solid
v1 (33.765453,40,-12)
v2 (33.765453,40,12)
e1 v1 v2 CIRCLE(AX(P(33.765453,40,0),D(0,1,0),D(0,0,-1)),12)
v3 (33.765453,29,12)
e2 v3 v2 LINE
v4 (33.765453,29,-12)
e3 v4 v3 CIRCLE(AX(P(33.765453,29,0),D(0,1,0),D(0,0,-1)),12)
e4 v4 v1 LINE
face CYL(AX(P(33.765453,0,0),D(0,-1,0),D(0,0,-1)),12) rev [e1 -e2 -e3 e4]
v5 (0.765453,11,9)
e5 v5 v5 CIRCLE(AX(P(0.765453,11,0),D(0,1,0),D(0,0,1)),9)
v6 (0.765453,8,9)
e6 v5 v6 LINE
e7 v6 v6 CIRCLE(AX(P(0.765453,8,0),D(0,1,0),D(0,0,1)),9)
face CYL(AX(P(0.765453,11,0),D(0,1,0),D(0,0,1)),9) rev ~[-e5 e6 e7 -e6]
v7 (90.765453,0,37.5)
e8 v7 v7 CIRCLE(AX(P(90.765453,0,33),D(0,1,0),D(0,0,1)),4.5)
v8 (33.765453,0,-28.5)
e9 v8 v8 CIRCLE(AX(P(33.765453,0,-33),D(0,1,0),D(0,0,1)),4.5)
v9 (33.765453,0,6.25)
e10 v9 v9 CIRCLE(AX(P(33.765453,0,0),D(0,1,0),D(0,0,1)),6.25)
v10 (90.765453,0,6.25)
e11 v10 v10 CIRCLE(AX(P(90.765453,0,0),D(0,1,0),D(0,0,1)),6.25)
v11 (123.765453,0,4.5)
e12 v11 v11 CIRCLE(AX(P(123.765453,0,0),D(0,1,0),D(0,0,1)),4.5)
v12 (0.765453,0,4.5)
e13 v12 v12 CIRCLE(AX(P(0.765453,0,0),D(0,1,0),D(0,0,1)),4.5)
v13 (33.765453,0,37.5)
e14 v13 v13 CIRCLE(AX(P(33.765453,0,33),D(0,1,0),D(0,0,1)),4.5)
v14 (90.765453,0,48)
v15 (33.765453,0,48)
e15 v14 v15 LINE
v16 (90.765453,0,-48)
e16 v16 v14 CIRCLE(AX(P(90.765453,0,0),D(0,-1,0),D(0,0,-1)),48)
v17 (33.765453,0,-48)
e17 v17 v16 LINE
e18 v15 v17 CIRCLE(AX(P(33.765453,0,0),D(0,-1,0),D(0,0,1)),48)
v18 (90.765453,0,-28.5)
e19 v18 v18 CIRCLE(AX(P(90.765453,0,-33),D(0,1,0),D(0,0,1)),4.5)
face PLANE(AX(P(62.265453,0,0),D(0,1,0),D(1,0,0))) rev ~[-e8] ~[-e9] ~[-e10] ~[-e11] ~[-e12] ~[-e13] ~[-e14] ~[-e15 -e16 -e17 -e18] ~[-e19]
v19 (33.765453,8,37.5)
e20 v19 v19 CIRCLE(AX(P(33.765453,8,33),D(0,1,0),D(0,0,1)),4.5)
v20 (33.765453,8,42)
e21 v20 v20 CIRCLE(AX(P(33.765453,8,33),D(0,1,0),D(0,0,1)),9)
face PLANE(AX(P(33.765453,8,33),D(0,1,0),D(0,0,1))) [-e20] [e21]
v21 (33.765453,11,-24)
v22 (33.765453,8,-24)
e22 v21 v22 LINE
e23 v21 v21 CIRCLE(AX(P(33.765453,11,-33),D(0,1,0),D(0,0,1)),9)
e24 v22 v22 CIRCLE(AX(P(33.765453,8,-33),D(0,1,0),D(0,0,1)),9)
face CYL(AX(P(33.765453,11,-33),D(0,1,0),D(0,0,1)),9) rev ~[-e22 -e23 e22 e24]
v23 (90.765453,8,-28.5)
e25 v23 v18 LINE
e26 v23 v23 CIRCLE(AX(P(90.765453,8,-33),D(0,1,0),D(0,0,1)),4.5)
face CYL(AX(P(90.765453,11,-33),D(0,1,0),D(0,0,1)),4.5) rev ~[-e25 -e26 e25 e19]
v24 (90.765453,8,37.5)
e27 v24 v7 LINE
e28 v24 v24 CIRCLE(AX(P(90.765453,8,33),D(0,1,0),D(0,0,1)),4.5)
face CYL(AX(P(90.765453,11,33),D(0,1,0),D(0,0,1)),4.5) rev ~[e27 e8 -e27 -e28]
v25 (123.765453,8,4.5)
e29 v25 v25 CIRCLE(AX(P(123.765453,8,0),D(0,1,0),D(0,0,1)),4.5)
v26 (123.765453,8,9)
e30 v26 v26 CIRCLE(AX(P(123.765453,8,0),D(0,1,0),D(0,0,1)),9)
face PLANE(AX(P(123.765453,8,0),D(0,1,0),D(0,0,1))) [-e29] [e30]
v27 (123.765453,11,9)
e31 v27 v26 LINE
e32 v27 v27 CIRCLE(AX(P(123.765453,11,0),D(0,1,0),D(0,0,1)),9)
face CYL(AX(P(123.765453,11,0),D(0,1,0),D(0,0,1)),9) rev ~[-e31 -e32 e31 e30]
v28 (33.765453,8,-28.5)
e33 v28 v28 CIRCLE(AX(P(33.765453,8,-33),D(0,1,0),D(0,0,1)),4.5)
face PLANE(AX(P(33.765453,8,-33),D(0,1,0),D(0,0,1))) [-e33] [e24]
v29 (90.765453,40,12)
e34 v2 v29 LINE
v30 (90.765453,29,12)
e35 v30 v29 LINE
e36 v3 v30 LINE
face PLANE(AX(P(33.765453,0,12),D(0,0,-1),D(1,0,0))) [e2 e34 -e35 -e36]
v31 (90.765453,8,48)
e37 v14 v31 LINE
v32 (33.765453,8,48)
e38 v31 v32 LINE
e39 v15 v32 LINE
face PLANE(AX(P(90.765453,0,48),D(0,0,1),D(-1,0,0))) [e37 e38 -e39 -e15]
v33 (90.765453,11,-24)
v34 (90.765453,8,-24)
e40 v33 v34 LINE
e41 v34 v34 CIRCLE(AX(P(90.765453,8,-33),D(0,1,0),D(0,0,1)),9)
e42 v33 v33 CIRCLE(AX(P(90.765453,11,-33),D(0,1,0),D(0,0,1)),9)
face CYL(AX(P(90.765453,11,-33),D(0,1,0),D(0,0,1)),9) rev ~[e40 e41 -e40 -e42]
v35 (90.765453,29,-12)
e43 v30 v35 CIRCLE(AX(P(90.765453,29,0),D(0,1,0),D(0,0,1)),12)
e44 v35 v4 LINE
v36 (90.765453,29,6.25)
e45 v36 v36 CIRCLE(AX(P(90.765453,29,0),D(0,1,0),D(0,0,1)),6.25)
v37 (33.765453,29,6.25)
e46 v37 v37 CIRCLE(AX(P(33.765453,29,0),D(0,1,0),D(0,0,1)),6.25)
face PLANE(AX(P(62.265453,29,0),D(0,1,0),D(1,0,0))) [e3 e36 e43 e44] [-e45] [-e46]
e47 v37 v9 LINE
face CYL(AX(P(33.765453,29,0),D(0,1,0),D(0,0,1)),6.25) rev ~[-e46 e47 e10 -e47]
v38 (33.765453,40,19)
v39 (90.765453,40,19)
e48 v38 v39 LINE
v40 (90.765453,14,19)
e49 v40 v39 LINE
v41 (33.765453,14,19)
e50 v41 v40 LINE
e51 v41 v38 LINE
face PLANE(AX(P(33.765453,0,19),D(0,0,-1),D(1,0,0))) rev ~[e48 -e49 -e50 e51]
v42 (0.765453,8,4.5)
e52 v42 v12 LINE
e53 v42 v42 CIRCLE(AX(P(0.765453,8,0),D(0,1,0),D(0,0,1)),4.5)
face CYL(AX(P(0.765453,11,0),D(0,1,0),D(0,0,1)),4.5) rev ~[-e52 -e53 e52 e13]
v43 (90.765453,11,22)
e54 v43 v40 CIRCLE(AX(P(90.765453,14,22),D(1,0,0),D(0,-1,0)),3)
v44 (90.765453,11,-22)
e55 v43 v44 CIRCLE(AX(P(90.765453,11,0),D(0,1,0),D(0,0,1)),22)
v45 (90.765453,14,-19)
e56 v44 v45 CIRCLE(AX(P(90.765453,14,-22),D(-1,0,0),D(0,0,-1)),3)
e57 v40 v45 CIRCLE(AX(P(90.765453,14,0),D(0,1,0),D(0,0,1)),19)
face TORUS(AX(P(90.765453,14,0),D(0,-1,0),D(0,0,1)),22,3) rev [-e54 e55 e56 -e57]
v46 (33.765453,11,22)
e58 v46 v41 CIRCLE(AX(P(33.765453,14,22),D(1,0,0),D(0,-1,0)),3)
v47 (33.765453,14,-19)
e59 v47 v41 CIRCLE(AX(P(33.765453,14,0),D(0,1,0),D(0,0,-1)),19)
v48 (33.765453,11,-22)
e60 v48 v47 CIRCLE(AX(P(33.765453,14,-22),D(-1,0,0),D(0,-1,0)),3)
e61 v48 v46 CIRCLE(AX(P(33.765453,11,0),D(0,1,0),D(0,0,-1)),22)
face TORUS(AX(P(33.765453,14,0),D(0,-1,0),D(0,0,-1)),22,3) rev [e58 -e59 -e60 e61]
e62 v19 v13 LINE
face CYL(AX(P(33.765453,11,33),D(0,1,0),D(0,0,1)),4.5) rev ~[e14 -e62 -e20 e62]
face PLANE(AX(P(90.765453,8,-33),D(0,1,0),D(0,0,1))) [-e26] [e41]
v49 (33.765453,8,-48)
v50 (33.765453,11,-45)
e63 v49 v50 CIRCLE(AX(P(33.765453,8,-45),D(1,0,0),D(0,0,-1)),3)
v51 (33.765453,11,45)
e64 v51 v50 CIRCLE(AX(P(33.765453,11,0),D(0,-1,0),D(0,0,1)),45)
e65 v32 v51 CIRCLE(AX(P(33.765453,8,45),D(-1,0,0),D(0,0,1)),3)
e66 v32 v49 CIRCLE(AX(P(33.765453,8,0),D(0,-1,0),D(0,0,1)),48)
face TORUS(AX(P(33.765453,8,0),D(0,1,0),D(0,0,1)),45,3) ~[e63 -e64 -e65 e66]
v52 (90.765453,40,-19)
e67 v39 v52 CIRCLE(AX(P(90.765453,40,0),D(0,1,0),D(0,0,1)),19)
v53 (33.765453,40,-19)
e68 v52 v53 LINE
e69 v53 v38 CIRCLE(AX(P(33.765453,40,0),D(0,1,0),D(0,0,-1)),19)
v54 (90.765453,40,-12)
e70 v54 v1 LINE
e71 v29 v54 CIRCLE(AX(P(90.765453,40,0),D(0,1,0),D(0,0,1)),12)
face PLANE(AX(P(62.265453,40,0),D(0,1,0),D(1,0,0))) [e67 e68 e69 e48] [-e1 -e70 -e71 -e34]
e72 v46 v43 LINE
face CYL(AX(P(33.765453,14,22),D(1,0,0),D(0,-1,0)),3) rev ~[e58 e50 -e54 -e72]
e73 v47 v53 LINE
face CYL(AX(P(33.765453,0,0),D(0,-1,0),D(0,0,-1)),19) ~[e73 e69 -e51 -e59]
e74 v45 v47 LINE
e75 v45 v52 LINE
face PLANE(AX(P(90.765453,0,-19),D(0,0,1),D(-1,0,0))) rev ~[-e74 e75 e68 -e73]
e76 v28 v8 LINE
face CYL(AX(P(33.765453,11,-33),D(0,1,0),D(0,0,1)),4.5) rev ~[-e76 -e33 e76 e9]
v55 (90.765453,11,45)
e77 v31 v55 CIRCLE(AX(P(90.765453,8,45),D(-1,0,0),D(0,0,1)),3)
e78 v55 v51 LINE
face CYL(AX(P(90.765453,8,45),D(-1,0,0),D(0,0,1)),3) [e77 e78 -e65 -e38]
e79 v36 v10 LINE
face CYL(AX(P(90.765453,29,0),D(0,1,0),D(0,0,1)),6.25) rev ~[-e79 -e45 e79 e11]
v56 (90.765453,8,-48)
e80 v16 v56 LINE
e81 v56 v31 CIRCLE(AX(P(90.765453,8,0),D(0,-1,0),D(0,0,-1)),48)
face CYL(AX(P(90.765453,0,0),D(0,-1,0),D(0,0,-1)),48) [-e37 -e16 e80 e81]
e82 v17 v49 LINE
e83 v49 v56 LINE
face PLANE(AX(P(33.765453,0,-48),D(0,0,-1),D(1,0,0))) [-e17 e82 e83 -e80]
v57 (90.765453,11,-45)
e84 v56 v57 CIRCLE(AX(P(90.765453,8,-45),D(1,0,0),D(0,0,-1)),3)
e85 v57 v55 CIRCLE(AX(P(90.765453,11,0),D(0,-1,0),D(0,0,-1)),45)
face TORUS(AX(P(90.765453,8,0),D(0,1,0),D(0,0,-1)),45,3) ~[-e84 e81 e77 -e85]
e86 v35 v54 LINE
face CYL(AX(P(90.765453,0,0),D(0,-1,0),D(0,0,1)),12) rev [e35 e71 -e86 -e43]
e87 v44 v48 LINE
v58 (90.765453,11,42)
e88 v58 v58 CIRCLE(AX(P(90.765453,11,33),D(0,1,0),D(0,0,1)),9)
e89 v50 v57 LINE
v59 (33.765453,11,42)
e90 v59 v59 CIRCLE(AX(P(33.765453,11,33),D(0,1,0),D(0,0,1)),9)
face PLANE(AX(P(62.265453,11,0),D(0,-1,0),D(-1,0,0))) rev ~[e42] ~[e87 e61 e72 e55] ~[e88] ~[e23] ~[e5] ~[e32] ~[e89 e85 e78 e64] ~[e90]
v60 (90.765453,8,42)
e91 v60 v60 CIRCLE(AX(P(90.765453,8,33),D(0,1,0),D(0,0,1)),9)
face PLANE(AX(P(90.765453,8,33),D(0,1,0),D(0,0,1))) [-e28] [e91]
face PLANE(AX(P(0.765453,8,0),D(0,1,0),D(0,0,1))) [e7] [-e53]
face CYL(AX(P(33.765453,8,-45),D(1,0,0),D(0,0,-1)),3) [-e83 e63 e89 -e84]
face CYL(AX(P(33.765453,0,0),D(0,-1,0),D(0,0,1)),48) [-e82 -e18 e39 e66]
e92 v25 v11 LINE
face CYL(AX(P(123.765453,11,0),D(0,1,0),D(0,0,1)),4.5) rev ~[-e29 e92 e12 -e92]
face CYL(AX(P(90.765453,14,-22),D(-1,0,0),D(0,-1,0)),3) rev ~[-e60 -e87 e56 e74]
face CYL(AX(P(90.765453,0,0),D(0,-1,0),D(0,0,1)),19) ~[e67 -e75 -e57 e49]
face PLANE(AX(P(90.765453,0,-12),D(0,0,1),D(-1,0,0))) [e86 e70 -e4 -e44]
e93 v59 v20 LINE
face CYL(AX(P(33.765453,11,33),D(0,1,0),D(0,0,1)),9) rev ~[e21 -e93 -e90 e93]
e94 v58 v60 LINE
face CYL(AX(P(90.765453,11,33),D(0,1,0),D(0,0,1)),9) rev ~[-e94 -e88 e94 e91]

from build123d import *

# Parameters (mm, degrees)
EXTRUDE_1_DEPTH     = 11
SKETCH_4_R          = 9
SKETCH_4_R_2        = 4.5
CUT_EXTRUDE_1_DEPTH = 3
SKETCH_4_3_R        = 4.5
CUT_EXTRUDE_2_DEPTH = 11
EXTRUDE_3_DEPTH     = 40
EXTRUDE_4_DEPTH     = 29
SKETCH_8_R          = 6.25
CUT_EXTRUDE_3_DEPTH = 150.66913845
FILLET_1_R          = 3
FILLET_2_R          = 3


with BuildPart() as part:
    # 스케치1 → 보스-돌출1 (new body)
    with BuildSketch(Plane(origin=(0, 0, 0), x_dir=(1, 0, 0), z_dir=(0, 1, 0))):
        with BuildLine():
            Line((33.765453209, 48), (90.765453209, 48))
            ThreePointArc((90.765453209, 48), (138.765453209, 0), (90.765453209, -48))
            Line((90.765453209, -48), (33.765453209, -48))
            ThreePointArc((33.765453209, -48), (-14.234546791, 0), (33.765453209, 48))
        make_face()
    extrude(amount=EXTRUDE_1_DEPTH)

    # 스케치4 → 컷-돌출1 (cut)
    # profile 1 of 6: a face of its own
    with BuildSketch(Plane(origin=(0, 11, 0), x_dir=(1, 0, 0), z_dir=(0, 1, 0))):
        with Locations((33.765453209, 33)):
            Circle(SKETCH_4_R)
        with Locations((33.765453209, 33)):
            Circle(SKETCH_4_R_2, mode=Mode.SUBTRACT)
    # profile 2 of 6: a face of its own
    with BuildSketch(Plane(origin=(0, 11, 0), x_dir=(1, 0, 0), z_dir=(0, 1, 0))):
        with Locations((90.765453209, 33)):
            Circle(SKETCH_4_R)
        with Locations((90.765453209, 33)):
            Circle(SKETCH_4_R_2, mode=Mode.SUBTRACT)
    # profile 3 of 6: a face of its own
    with BuildSketch(Plane(origin=(0, 11, 0), x_dir=(1, 0, 0), z_dir=(0, 1, 0))):
        with Locations((123.765453209, 0)):
            Circle(SKETCH_4_R)
        with Locations((123.765453209, 0)):
            Circle(SKETCH_4_R_2, mode=Mode.SUBTRACT)
    # profile 4 of 6: a face of its own
    with BuildSketch(Plane(origin=(0, 11, 0), x_dir=(1, 0, 0), z_dir=(0, 1, 0))):
        with Locations((90.765453209, -33)):
            Circle(SKETCH_4_R)
        with Locations((90.765453209, -33)):
            Circle(SKETCH_4_R_2, mode=Mode.SUBTRACT)
    # profile 5 of 6: a face of its own
    with BuildSketch(Plane(origin=(0, 11, 0), x_dir=(1, 0, 0), z_dir=(0, 1, 0))):
        with Locations((33.765453209, -33)):
            Circle(SKETCH_4_R)
        with Locations((33.765453209, -33)):
            Circle(SKETCH_4_R_2, mode=Mode.SUBTRACT)
    # profile 6 of 6: a face of its own
    with BuildSketch(Plane(origin=(0, 11, 0), x_dir=(1, 0, 0), z_dir=(0, 1, 0))):
        with Locations((0.765453209, 0)):
            Circle(SKETCH_4_R)
        with Locations((0.765453209, 0)):
            Circle(SKETCH_4_R_2, mode=Mode.SUBTRACT)
    extrude(amount=-CUT_EXTRUDE_1_DEPTH, mode=Mode.SUBTRACT)

    # 스케치4<3> → 컷-돌출2 (cut)
    with BuildSketch(Plane(origin=(0, 11, 0), x_dir=(1, 0, 0), z_dir=(0, 1, 0))):
        with Locations((33.765453209, 33)):
            Circle(SKETCH_4_3_R)
        with Locations((90.765453209, 33)):
            Circle(SKETCH_4_3_R)
        with Locations((123.765453209, 0)):
            Circle(SKETCH_4_3_R)
        with Locations((90.765453209, -33)):
            Circle(SKETCH_4_3_R)
        with Locations((33.765453209, -33)):
            Circle(SKETCH_4_3_R)
        with Locations((0.765453209, 0)):
            Circle(SKETCH_4_3_R)
    extrude(amount=-CUT_EXTRUDE_2_DEPTH, mode=Mode.SUBTRACT)

    # 스케치1<5> → 보스-돌출3 (add)
    with BuildSketch(Plane(origin=(0, 0, 0), x_dir=(1, 0, 0), z_dir=(0, 1, 0))):
        with BuildLine():
            Line((90.765453209, 19), (33.765453209, 19))
            ThreePointArc((33.765453209, 19), (14.765453209, 0), (33.765453209, -19))
            Line((33.765453209, -19), (90.765453209, -19))
            ThreePointArc((90.765453209, -19), (109.765453209, 0), (90.765453209, 19))
        make_face()
        with BuildLine():
            ThreePointArc((33.765453209, -12), (21.765453209, 0), (33.765453209, 12))
            Line((33.765453209, 12), (90.765453209, 12))
            ThreePointArc((90.765453209, 12), (102.765453209, 0), (90.765453209, -12))
            Line((90.765453209, -12), (33.765453209, -12))
        make_face(mode=Mode.SUBTRACT)
    extrude(amount=EXTRUDE_3_DEPTH)

    # 스케치1<6> → 보스-돌출4 (add)
    with BuildSketch(Plane(origin=(0, 0, 0), x_dir=(1, 0, 0), z_dir=(0, 1, 0))):
        with BuildLine():
            Line((90.765453209, 12), (33.765453209, 12))
            ThreePointArc((33.765453209, 12), (21.765453209, 0), (33.765453209, -12))
            Line((33.765453209, -12), (90.765453209, -12))
            ThreePointArc((90.765453209, -12), (102.765453209, 0), (90.765453209, 12))
        make_face()
    extrude(amount=EXTRUDE_4_DEPTH)

    # 스케치8 → 컷-돌출3 (cut, through all)
    with BuildSketch(Plane(origin=(0, 29, 0), x_dir=(1, 0, 0), z_dir=(0, 1, 0))):
        with Locations((33.765453209, 0)):
            Circle(SKETCH_8_R)
        with Locations((90.765453209, 0)):
            Circle(SKETCH_8_R)
    extrude(amount=-CUT_EXTRUDE_3_DEPTH, mode=Mode.SUBTRACT)

    # 필렛1
    fillet_1_edges = [part.edges().sort_by_distance(p)[0] for p in [
        (-14.234546791, 11, 0),
        (62.265453209, 11, -48),
        (138.765453209, 11, 0),
        (62.265453209, 11, 48),
    ]]
    fillet(fillet_1_edges, radius=FILLET_1_R)

    # 필렛2
    fillet_2_edges = [part.edges().sort_by_distance(p)[0] for p in [
        (62.265453209, 11, -19),
        (14.765453209, 11, 0),
        (109.765453209, 11, 0),
        (62.265453209, 11, 19),
    ]]
    fillet(fillet_2_edges, radius=FILLET_2_R)


solid = part.part
